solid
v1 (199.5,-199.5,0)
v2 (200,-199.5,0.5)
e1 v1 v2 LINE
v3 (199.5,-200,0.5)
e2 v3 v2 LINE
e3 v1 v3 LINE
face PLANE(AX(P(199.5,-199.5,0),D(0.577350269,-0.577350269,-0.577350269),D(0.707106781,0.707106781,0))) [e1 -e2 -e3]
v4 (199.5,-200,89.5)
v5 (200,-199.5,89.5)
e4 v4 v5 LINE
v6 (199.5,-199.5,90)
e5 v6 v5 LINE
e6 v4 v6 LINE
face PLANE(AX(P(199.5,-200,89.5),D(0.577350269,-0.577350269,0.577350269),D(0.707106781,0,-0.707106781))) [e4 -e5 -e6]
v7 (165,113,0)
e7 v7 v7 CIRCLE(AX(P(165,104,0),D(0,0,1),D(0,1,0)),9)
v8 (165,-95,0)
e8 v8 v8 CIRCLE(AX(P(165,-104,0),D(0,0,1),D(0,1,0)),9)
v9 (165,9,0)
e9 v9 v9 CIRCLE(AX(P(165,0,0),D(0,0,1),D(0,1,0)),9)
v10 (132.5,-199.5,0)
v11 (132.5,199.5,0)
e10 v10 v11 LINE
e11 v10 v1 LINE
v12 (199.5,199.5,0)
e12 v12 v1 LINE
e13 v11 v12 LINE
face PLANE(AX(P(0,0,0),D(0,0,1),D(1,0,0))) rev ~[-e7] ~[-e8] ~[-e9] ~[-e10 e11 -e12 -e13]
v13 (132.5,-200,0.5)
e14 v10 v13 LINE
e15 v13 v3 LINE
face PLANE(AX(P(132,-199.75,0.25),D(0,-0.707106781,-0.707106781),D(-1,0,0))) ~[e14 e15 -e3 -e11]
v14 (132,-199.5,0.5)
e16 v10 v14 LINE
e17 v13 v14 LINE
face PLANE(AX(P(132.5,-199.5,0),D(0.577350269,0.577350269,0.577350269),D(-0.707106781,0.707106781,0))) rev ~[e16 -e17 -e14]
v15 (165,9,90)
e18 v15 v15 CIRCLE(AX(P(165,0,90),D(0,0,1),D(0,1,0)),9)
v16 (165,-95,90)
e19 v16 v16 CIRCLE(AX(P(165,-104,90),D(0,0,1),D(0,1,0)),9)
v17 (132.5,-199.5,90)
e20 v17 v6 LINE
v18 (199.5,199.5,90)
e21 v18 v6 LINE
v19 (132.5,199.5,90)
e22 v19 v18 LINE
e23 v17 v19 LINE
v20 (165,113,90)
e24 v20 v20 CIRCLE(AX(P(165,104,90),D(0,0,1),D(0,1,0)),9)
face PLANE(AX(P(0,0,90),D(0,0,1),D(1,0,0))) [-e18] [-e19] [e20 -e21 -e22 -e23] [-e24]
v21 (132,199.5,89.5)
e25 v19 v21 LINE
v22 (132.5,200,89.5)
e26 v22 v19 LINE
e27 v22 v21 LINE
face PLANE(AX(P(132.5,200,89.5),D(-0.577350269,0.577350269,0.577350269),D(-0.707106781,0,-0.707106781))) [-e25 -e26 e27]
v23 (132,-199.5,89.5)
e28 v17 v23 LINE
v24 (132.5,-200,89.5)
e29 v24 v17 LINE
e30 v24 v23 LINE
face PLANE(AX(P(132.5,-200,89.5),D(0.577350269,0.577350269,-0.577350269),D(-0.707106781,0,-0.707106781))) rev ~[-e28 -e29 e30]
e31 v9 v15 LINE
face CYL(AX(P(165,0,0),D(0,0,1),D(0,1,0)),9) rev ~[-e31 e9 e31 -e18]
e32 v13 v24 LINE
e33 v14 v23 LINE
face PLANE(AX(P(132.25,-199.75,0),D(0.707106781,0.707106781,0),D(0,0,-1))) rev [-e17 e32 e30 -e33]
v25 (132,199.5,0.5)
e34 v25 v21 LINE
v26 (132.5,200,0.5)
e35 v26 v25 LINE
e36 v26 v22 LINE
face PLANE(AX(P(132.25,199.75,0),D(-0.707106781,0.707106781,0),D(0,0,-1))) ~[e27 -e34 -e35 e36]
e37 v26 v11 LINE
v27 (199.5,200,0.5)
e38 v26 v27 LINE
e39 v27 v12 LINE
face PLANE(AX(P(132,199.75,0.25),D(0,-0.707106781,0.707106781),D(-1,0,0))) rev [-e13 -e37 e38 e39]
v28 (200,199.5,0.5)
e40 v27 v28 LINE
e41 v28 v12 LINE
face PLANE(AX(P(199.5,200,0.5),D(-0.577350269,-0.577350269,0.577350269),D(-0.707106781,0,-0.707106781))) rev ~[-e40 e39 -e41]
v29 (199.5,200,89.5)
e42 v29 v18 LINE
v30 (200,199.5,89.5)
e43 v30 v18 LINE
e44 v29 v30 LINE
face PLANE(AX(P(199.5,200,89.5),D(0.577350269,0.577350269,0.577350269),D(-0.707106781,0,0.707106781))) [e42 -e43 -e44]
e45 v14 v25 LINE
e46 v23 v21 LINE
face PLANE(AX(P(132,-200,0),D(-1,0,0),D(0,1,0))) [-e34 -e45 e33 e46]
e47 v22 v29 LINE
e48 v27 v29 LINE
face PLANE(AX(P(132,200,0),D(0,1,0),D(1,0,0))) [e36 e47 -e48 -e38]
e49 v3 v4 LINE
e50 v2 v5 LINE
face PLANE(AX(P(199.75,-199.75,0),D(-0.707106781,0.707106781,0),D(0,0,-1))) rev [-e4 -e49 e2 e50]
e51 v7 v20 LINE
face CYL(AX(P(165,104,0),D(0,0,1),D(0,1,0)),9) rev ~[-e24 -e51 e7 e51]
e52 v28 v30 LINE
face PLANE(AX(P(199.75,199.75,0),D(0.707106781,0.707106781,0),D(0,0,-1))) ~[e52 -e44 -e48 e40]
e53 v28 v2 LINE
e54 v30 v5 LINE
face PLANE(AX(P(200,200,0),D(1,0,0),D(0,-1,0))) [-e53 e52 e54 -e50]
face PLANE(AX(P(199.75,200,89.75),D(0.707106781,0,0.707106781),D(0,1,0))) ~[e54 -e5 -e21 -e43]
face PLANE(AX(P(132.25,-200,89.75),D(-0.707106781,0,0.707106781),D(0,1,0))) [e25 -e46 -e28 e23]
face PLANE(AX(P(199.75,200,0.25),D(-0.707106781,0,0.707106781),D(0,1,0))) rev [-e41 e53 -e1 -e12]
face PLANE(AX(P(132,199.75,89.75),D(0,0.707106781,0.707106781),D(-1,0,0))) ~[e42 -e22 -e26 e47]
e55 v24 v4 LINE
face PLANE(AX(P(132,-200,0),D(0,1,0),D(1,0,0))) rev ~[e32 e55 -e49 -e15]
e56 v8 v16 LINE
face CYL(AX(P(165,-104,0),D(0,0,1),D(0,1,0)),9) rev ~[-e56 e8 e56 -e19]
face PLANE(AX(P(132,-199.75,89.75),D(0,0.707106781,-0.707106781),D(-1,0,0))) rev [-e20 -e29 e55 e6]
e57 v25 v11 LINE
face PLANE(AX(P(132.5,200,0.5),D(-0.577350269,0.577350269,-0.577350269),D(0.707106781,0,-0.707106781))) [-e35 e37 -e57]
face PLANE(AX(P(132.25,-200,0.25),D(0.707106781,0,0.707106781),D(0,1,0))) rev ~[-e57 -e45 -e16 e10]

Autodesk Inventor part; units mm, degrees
ref_plane "YZ Plane" through (0, 0, 0) normal (1, 0, 0) x (0, 1, 0)
sketch "Sketch1" plane through (0, 0, 0) normal (0, 0, 1) x (1, 0, 0)
  line L0 (-132, 200) -> (-200, 200)
  line L1 (-200, 200) -> (-200, -200)
  line L2 (-200, -200) -> (-132, -200)
  line L3 (-132, -200) -> (-132, 200)
  line L4 (200, 200) -> (200, -200)
  line L5 (132, -200) -> (132, 200)
  line L6 (132, 200) -> (200, 200)
  line L7 (132, -200) -> (200, -200)
  point P0 (0, 0)
  point P1 (-132, 0)
  point P2 (132, 0)
  point P3 (-165, 104)
  point P4 (165, 104)
  dimension "d85" = 400
  dimension "d86" = 68
  dimension "d88" = 68
  dimension "d89" = 200
  dimension "d93" = 400
  dimension "d94" = 200
  dimension "d98" = 104
  dimension "d100" = 165
  dimension "d101" = 165
  dimension "d102" = 104
extrude "Extrusion1" [suppressed]
extrude "Extrusion2" add sketch "Sketch1" along normal blind 90 contours L4 L7 L5 L6
hole "Hole1" [suppressed]
pattern_linear "Rectangular Pattern1" [suppressed]
hole "Hole2" at (165, 104, 0) direction (0, 0, 1) diameter 18 depth 90
pattern_linear "Rectangular Pattern2" count 3 spacing 104 along (0, -1, 0) of "Hole2"
ref_plane "Work Plane1" through (0, 0, 90) normal (0, 0, 1) x (1, 0, 0)
ref_plane "Work Plane2" through (0, 0, 0) normal (0, 0, -1) x (-1, 0, 0)
chamfer "Chamfer1" [suppressed]
chamfer "Chamfer2" distance 0.5 angle 45 12 edges at (132, 0, 90) (200, 0, 90) (166, -200, 90) (132, -200, 45) (200, -200, 45) (166, -200, 0) (200, 0, 0) (132, 0, 0) (200, 200, 45) (166, 200, 90) (132, 200, 45) (166, 200, 0)
equation "\"d85\" = L"
equation "\"d86\" = W_"
equation "\"d88\" = W_"
equation "\"d89\" = 0.5 * M_W"
equation "\"d93\" = L"
equation "\"d94\" = 0.5 * M_W"
equation "\"d98\" = 0.5 * S1_L"
equation "\"d100\" = 0.5 * S1_W"
equation "\"d101\" = 0.5 * S1_W"
equation "\"d102\" = 0.5 * S1_L"
equation "\"d20\" = H_"
equation "\"d95\" = H_"
equation "\"d129\" = S1_d1"
equation "\"d134\" = H_"
equation "\"d122\" = S1_d1"
equation "\"d127\" = H_"
equation "\"L\" = 400"
equation "\"W_\" = 68"
equation "\"H_\" = 90"
equation "\"S1_d1\" = 18"
equation "\"M_W\" = 400"
equation "\"S1_L\" = 208"
equation "\"S1_W\" = 330"
properties part number "SA-SB-400x400x90" material "S 55 C"
